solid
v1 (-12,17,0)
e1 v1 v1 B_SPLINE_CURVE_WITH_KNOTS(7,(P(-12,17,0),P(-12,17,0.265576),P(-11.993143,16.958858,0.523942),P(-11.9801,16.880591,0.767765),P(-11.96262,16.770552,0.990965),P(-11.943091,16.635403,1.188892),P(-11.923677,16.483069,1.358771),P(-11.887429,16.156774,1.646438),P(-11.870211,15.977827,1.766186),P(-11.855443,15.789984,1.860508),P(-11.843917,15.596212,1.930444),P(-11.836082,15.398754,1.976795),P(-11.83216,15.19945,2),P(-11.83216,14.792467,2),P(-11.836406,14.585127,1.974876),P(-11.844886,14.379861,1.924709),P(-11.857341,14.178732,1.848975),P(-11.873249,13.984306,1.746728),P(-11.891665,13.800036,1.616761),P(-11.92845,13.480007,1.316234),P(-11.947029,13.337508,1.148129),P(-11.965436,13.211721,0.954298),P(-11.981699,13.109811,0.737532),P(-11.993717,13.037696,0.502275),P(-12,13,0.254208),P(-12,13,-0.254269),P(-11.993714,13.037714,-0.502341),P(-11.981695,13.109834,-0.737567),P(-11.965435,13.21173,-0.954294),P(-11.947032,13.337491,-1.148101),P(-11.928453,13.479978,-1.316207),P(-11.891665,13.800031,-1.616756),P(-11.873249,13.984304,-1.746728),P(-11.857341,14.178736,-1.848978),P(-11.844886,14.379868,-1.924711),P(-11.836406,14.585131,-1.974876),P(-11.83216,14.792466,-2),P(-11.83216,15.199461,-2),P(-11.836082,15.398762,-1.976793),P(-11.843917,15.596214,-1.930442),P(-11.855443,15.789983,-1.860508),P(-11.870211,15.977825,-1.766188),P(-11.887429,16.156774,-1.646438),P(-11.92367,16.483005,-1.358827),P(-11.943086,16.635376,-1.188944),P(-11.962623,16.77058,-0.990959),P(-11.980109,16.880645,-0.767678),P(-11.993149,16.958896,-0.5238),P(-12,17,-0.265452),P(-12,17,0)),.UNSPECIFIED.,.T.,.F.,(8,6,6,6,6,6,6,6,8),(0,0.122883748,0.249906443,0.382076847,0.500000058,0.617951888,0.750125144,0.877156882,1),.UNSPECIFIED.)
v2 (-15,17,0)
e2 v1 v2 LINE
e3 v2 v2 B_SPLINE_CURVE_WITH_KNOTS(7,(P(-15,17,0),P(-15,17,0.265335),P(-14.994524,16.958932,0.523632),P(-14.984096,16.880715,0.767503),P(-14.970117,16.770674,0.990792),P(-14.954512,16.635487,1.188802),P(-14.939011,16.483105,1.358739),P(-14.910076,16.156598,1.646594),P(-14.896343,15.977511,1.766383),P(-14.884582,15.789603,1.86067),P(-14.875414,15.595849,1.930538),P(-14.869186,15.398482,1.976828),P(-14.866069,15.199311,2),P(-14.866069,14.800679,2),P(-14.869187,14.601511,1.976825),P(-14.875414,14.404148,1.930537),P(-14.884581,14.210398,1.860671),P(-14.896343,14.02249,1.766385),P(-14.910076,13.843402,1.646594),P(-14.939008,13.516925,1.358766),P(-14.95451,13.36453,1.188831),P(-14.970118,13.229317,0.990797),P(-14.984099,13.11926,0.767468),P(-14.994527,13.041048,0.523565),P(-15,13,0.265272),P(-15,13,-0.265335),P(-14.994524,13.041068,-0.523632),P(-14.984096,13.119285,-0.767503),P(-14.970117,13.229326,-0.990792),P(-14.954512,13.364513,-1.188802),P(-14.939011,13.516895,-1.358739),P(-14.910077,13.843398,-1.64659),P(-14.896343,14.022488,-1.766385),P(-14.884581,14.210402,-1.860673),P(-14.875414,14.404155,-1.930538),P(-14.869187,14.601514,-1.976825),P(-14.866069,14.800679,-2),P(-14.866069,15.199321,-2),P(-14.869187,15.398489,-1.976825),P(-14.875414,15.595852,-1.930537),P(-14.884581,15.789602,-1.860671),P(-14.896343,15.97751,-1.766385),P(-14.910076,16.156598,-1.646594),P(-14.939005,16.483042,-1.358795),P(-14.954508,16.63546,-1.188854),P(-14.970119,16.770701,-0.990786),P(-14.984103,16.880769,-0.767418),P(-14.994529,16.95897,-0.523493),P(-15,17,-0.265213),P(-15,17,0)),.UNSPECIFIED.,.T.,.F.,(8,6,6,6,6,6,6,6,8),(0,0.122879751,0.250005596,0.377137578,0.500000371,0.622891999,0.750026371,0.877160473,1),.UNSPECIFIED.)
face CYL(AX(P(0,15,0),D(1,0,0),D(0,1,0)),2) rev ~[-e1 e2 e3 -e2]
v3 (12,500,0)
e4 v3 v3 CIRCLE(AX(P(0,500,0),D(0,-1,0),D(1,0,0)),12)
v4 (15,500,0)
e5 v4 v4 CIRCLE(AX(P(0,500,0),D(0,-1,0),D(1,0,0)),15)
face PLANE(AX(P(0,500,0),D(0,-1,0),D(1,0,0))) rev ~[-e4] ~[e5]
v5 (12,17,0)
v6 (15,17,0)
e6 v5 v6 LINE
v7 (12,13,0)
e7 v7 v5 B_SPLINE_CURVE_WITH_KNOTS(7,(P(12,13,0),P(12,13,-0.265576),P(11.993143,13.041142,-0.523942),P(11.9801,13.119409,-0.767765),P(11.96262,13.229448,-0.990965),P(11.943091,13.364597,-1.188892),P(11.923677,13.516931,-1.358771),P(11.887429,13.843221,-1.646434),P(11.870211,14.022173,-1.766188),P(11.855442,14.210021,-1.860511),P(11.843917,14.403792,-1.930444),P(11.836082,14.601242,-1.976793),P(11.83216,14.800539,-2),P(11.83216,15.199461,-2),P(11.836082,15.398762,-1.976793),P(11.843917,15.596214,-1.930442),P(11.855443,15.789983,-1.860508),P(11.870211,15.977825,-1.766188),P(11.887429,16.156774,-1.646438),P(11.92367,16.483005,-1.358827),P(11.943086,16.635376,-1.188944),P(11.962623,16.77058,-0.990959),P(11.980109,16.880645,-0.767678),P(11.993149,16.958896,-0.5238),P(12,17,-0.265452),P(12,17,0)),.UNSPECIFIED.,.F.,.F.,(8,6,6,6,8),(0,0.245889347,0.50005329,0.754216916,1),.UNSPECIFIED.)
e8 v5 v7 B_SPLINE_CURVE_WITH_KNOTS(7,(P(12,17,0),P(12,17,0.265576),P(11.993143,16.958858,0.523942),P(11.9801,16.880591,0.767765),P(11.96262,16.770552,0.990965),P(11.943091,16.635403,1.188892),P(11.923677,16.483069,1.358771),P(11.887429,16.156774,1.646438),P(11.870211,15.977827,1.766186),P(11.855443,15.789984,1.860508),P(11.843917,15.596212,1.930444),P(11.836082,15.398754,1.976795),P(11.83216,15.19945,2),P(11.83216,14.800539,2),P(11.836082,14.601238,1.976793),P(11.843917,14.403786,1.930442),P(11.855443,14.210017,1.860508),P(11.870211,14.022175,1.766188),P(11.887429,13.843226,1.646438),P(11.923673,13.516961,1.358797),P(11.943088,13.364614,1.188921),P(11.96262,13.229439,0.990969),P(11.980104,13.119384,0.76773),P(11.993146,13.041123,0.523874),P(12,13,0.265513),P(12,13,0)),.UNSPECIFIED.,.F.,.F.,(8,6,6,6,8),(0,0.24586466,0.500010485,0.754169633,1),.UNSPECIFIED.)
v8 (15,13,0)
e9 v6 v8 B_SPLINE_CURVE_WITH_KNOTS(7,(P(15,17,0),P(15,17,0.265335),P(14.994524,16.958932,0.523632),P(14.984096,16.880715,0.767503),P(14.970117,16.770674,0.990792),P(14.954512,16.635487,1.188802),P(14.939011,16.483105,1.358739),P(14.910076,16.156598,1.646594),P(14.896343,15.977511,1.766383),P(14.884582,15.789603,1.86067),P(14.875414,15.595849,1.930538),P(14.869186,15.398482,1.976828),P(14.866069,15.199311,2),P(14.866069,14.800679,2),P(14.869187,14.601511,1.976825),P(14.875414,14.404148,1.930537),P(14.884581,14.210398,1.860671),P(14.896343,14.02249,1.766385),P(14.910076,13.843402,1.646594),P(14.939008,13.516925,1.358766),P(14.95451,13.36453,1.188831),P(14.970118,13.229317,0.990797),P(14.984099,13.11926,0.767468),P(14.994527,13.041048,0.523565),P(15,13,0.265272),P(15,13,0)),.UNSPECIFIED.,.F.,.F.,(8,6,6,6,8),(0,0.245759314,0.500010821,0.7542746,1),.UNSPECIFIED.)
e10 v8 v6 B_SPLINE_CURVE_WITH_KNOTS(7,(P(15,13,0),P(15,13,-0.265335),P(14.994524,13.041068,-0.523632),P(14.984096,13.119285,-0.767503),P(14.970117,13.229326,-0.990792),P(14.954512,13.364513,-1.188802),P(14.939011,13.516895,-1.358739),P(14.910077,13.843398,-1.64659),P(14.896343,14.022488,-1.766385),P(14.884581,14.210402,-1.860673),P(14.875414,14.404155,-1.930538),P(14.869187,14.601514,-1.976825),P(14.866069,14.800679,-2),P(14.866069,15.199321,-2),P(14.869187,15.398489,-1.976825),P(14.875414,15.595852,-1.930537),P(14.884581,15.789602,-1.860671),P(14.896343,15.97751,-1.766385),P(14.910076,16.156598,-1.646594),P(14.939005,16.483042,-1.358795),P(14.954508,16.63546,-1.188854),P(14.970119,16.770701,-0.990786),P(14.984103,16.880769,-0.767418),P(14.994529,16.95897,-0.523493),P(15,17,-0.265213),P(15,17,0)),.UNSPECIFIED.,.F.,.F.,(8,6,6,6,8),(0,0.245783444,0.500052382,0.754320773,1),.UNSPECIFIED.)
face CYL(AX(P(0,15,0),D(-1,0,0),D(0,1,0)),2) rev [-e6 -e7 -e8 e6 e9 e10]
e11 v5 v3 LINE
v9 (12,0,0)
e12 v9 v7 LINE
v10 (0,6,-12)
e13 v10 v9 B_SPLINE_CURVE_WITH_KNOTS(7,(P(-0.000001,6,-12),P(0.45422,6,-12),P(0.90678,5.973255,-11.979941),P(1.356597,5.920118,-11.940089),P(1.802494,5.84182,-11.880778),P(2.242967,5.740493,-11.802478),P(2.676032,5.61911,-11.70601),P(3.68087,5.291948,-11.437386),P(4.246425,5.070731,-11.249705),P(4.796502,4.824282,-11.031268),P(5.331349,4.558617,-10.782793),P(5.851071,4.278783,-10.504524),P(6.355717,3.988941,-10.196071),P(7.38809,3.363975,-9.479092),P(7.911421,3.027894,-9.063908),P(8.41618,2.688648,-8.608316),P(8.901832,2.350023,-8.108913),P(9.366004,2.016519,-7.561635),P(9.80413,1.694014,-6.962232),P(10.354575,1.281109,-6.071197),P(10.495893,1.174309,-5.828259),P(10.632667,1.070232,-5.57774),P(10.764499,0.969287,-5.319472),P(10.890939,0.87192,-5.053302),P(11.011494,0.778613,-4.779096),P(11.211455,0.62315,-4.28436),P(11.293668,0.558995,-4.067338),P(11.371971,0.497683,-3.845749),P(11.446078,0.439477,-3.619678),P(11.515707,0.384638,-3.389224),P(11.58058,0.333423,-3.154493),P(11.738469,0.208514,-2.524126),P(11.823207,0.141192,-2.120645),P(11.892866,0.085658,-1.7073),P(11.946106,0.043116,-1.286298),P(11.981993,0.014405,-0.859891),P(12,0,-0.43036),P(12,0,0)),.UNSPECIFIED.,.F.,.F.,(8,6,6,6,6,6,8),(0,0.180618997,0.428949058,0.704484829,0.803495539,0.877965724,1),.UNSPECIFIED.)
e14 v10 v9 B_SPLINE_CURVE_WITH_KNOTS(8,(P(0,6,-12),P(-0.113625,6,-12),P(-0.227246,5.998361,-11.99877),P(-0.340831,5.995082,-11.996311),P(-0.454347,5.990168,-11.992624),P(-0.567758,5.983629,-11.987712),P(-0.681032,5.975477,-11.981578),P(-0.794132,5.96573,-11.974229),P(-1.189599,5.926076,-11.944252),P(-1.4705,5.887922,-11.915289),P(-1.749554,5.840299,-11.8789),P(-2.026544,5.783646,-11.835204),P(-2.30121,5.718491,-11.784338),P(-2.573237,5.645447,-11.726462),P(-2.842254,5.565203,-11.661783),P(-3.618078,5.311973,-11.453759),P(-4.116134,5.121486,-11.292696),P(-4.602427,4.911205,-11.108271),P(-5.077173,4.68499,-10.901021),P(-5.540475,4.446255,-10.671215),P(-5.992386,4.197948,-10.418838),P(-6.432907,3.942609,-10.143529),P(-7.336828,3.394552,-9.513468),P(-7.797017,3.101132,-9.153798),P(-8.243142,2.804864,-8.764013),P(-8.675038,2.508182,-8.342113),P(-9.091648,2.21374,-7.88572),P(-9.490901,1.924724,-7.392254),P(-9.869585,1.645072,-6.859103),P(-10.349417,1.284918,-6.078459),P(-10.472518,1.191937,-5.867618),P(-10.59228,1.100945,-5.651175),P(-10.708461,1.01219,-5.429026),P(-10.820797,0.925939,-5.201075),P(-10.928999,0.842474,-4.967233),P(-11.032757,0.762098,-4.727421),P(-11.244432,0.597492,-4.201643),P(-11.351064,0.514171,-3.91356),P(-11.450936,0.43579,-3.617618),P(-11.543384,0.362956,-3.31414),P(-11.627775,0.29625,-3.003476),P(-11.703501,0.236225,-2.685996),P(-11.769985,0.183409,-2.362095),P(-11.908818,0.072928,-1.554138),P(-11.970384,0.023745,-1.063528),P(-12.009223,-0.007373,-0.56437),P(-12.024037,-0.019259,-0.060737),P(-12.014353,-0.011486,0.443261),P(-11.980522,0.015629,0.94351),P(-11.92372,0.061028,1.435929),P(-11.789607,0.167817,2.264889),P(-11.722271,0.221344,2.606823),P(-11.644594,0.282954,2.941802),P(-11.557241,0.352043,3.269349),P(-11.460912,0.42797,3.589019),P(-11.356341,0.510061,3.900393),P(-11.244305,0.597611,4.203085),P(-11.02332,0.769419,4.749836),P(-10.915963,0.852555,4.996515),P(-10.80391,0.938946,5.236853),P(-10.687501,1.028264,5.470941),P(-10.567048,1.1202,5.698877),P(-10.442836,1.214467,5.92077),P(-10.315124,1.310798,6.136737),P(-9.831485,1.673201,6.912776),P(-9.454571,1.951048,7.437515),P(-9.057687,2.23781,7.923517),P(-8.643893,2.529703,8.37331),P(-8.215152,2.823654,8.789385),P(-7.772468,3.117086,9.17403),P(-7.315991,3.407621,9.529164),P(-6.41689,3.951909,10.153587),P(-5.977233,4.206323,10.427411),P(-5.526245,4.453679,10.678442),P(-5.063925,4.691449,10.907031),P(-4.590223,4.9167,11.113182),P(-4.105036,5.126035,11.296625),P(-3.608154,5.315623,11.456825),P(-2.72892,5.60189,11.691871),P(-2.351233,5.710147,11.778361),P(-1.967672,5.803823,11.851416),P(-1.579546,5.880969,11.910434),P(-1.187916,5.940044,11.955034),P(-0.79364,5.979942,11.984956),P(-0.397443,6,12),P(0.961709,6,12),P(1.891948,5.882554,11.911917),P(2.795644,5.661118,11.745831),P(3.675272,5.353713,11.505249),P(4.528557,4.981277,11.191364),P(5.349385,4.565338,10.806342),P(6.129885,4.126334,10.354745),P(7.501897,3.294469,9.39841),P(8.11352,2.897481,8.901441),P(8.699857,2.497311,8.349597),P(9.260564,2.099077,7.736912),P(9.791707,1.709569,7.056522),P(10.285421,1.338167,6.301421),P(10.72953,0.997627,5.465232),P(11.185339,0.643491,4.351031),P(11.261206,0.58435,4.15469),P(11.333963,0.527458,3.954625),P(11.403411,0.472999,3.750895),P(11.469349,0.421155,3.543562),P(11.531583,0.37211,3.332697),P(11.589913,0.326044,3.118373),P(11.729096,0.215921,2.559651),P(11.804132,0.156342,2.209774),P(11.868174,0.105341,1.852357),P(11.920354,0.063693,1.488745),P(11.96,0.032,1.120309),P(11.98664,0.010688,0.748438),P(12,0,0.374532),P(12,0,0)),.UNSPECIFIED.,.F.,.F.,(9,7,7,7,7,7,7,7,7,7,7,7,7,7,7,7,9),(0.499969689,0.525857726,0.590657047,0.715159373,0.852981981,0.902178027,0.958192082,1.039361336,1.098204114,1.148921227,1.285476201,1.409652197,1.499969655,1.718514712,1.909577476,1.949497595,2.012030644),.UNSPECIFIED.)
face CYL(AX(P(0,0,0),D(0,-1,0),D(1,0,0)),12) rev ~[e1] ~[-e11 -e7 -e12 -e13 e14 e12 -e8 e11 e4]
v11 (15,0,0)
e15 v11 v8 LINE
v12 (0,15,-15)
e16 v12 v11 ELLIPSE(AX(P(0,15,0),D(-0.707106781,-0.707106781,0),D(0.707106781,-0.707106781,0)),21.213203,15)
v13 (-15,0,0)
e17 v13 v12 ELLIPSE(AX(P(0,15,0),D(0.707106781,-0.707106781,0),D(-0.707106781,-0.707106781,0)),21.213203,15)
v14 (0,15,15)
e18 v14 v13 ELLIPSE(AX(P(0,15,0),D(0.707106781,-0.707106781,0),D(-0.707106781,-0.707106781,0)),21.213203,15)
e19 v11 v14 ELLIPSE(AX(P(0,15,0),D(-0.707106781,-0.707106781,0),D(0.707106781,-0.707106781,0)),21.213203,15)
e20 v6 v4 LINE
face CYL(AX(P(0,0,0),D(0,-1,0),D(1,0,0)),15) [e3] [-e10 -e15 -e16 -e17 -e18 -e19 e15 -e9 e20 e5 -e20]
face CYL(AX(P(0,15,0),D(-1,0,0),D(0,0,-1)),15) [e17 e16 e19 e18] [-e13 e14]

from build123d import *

# Parameters (mm, degrees)
F0_R          = 15
F0_R_2        = 12
F1_DEPTH      = 500
F2_R          = 2
F3_DEPTH      = 25
F3_DEPTH_BACK = 25


with BuildPart() as f1:
    # F0 (on Front) → F1 (new body)
    with BuildSketch(Plane.XZ):
        Circle(F0_R)
        Circle(F0_R_2, mode=Mode.SUBTRACT)
    extrude(amount=-F1_DEPTH)

    # F2 (on Right) → F3 (cut, two sides)
    with BuildSketch(Plane.YZ) as f3_sk:
        with BuildLine():
            ThreePointArc((15, -15), (0, 0), (15, 15))
            Line((15, 15), (15, 24.6737785637))
            Line((15, 24.6737785637), (-7.8621734398, 24.6737785637))
            Line((-7.8621734398, 24.6737785637), (-7.8621734398, -22.3317276686))
            Line((-7.8621734398, -22.3317276686), (15, -22.3317276686))
            Line((15, -22.3317276686), (15, -15))
        make_face()
        with Locations((15, 0)):
            Circle(F2_R)
    extrude(amount=-F3_DEPTH, mode=Mode.SUBTRACT)
    extrude(f3_sk.sketch, amount=F3_DEPTH_BACK, mode=Mode.SUBTRACT)


solid = f1.part
